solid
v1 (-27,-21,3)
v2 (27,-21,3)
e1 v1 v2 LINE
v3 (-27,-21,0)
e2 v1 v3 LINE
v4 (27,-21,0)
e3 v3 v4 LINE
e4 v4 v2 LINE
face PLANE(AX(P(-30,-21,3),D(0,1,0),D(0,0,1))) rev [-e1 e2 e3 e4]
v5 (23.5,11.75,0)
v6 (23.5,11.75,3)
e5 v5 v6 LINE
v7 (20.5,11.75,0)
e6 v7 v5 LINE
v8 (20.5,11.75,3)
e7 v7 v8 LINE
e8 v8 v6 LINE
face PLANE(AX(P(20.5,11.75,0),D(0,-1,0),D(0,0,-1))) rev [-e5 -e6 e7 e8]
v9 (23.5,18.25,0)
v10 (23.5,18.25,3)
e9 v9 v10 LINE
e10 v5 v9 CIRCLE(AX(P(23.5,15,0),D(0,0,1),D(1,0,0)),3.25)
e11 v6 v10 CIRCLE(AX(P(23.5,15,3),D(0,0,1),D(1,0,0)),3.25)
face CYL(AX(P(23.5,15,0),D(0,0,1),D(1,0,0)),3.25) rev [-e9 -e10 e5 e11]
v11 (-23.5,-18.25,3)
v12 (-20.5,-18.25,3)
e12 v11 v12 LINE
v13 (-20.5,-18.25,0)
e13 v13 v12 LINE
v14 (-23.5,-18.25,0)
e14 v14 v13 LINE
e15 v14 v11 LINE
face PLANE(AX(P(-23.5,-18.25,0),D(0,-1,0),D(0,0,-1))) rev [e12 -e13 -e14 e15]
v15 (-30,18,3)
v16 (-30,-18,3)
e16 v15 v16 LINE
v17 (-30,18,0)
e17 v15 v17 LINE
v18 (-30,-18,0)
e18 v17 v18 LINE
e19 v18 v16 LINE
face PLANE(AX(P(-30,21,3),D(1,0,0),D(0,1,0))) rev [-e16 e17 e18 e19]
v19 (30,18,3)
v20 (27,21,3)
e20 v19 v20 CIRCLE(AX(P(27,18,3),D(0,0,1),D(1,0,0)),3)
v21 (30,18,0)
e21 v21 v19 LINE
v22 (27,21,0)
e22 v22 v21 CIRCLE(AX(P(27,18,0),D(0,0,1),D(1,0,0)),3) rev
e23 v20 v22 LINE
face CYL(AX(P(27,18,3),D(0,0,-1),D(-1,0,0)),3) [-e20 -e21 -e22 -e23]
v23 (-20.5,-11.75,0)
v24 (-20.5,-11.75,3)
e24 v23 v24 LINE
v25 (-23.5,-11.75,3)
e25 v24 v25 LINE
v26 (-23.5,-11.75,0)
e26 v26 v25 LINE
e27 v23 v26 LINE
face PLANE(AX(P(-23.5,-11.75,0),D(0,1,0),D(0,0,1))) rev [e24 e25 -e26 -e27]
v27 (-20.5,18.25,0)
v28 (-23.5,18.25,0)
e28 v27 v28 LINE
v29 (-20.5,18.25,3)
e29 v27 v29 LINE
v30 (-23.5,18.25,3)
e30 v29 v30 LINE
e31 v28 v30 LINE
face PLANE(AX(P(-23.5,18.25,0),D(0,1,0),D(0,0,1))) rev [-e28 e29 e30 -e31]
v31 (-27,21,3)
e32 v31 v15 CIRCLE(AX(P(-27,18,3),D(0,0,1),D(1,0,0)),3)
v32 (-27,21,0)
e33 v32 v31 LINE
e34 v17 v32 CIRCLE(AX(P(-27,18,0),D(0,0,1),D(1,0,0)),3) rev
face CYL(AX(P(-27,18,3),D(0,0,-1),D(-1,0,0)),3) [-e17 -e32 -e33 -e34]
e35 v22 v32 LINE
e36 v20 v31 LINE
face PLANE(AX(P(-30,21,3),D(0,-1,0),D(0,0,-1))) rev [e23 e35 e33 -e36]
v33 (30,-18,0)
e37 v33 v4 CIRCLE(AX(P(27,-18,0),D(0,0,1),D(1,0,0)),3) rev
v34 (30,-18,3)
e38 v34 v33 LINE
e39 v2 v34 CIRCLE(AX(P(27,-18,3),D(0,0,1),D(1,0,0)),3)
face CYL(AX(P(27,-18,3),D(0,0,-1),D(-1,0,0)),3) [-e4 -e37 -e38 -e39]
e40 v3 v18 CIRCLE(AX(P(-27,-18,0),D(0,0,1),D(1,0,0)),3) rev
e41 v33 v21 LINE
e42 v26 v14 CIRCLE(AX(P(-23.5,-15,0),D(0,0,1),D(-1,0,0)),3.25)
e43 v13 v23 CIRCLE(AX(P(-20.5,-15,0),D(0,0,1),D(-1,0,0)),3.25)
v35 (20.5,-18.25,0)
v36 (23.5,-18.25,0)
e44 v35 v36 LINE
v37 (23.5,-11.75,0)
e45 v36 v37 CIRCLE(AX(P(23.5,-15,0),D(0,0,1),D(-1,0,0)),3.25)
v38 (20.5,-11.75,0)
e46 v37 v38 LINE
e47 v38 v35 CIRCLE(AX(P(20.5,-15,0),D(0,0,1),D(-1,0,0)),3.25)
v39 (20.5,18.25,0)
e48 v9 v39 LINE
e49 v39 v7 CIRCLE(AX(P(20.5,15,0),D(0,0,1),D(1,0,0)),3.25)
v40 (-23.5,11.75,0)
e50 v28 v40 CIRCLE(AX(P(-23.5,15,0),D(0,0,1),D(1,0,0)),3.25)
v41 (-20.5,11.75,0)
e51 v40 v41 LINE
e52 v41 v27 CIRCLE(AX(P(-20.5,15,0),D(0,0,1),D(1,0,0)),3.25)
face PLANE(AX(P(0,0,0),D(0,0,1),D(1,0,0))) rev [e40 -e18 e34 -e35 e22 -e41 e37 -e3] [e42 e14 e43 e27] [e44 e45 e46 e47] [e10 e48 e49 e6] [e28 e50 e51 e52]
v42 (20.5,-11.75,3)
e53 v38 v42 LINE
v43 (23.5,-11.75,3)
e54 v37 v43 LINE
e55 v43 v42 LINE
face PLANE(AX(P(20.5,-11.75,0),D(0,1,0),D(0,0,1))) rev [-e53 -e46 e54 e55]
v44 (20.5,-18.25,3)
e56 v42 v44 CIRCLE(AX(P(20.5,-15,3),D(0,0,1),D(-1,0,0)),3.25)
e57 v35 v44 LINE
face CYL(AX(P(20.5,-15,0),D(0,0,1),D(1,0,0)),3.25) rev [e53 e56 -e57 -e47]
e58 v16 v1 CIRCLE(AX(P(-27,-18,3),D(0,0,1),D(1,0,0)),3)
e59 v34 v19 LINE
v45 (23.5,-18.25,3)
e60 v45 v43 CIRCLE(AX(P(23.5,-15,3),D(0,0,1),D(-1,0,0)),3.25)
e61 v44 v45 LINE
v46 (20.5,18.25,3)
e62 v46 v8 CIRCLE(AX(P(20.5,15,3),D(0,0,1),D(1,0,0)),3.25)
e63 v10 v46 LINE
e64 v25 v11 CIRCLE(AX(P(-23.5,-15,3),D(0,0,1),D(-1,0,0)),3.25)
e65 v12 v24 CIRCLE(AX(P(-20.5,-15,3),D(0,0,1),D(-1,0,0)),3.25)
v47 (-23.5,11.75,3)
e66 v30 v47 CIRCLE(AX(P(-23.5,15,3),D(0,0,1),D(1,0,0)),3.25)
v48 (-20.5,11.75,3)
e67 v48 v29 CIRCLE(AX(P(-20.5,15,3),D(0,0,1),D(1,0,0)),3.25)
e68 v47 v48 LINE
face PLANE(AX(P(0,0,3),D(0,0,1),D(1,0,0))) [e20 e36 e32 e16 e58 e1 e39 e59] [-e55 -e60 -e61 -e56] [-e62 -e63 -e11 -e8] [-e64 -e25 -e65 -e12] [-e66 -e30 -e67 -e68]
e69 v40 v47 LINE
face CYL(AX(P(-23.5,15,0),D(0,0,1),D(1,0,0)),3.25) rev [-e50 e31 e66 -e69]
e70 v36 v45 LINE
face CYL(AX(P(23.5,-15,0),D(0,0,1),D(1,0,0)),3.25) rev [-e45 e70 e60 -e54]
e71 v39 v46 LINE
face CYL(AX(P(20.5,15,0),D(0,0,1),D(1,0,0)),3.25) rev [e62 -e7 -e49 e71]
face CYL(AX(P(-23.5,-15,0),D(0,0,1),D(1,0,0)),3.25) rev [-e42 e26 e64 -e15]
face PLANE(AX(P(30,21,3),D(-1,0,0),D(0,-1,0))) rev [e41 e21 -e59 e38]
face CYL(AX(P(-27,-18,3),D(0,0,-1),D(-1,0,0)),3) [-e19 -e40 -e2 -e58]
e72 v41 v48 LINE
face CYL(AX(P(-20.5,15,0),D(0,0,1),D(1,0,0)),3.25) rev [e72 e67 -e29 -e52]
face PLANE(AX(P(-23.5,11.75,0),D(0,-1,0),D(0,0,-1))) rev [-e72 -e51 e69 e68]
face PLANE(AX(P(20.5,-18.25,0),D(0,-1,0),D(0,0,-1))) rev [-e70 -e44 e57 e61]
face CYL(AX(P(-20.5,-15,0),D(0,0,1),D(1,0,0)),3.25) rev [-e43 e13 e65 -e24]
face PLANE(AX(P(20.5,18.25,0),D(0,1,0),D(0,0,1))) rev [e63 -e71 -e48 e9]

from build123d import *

# Parameters (mm, degrees)
SKETCH_1_W          = 60
SKETCH_1_H          = 42
EXTRUDE_1_DEPTH     = 3
CUT_EXTRUDE_1_DEPTH = 3
FILLET_1_R          = 3


with BuildPart() as part:
    # 草图1 → 凸台-拉伸1 (new body)
    with BuildSketch(Plane.XY):
        Rectangle(SKETCH_1_W, SKETCH_1_H)
    extrude(amount=EXTRUDE_1_DEPTH)

    # 草图2 → 切除-拉伸1 (cut)
    with BuildSketch(Plane.XY.offset(3)):
        with BuildLine():
            Line((-23.5, 18.25), (-20.5, 18.25))
            ThreePointArc((-20.5, 18.25), (-17.25, 15), (-20.5, 11.75))
            Line((-20.5, 11.75), (-23.5, 11.75))
            ThreePointArc((-23.5, 11.75), (-26.75, 15), (-23.5, 18.25))
        make_face()
        with BuildLine():
            Line((20.5, 18.25), (23.5, 18.25))
            ThreePointArc((23.5, 18.25), (26.75, 15), (23.5, 11.75))
            Line((23.5, 11.75), (20.5, 11.75))
            ThreePointArc((20.5, 11.75), (17.25, 15), (20.5, 18.25))
        make_face()
        with BuildLine():
            Line((20.5, -18.25), (23.5, -18.25))
            ThreePointArc((23.5, -18.25), (26.75, -15), (23.5, -11.75))
            Line((23.5, -11.75), (20.5, -11.75))
            ThreePointArc((20.5, -11.75), (17.25, -15), (20.5, -18.25))
        make_face()
        with BuildLine():
            Line((-23.5, -18.25), (-20.5, -18.25))
            ThreePointArc((-20.5, -18.25), (-17.25, -15), (-20.5, -11.75))
            Line((-20.5, -11.75), (-23.5, -11.75))
            ThreePointArc((-23.5, -11.75), (-26.75, -15), (-23.5, -18.25))
        make_face()
    extrude(amount=-CUT_EXTRUDE_1_DEPTH, mode=Mode.SUBTRACT)

    # 圆角1
    fillet_1_edges = [part.edges().sort_by_distance(p)[0] for p in [
        (-30, 21, 1.5),
        (30, 21, 1.5),
        (30, -21, 1.5),
        (-30, -21, 1.5),
    ]]
    fillet(fillet_1_edges, radius=FILLET_1_R)


solid = part.part
